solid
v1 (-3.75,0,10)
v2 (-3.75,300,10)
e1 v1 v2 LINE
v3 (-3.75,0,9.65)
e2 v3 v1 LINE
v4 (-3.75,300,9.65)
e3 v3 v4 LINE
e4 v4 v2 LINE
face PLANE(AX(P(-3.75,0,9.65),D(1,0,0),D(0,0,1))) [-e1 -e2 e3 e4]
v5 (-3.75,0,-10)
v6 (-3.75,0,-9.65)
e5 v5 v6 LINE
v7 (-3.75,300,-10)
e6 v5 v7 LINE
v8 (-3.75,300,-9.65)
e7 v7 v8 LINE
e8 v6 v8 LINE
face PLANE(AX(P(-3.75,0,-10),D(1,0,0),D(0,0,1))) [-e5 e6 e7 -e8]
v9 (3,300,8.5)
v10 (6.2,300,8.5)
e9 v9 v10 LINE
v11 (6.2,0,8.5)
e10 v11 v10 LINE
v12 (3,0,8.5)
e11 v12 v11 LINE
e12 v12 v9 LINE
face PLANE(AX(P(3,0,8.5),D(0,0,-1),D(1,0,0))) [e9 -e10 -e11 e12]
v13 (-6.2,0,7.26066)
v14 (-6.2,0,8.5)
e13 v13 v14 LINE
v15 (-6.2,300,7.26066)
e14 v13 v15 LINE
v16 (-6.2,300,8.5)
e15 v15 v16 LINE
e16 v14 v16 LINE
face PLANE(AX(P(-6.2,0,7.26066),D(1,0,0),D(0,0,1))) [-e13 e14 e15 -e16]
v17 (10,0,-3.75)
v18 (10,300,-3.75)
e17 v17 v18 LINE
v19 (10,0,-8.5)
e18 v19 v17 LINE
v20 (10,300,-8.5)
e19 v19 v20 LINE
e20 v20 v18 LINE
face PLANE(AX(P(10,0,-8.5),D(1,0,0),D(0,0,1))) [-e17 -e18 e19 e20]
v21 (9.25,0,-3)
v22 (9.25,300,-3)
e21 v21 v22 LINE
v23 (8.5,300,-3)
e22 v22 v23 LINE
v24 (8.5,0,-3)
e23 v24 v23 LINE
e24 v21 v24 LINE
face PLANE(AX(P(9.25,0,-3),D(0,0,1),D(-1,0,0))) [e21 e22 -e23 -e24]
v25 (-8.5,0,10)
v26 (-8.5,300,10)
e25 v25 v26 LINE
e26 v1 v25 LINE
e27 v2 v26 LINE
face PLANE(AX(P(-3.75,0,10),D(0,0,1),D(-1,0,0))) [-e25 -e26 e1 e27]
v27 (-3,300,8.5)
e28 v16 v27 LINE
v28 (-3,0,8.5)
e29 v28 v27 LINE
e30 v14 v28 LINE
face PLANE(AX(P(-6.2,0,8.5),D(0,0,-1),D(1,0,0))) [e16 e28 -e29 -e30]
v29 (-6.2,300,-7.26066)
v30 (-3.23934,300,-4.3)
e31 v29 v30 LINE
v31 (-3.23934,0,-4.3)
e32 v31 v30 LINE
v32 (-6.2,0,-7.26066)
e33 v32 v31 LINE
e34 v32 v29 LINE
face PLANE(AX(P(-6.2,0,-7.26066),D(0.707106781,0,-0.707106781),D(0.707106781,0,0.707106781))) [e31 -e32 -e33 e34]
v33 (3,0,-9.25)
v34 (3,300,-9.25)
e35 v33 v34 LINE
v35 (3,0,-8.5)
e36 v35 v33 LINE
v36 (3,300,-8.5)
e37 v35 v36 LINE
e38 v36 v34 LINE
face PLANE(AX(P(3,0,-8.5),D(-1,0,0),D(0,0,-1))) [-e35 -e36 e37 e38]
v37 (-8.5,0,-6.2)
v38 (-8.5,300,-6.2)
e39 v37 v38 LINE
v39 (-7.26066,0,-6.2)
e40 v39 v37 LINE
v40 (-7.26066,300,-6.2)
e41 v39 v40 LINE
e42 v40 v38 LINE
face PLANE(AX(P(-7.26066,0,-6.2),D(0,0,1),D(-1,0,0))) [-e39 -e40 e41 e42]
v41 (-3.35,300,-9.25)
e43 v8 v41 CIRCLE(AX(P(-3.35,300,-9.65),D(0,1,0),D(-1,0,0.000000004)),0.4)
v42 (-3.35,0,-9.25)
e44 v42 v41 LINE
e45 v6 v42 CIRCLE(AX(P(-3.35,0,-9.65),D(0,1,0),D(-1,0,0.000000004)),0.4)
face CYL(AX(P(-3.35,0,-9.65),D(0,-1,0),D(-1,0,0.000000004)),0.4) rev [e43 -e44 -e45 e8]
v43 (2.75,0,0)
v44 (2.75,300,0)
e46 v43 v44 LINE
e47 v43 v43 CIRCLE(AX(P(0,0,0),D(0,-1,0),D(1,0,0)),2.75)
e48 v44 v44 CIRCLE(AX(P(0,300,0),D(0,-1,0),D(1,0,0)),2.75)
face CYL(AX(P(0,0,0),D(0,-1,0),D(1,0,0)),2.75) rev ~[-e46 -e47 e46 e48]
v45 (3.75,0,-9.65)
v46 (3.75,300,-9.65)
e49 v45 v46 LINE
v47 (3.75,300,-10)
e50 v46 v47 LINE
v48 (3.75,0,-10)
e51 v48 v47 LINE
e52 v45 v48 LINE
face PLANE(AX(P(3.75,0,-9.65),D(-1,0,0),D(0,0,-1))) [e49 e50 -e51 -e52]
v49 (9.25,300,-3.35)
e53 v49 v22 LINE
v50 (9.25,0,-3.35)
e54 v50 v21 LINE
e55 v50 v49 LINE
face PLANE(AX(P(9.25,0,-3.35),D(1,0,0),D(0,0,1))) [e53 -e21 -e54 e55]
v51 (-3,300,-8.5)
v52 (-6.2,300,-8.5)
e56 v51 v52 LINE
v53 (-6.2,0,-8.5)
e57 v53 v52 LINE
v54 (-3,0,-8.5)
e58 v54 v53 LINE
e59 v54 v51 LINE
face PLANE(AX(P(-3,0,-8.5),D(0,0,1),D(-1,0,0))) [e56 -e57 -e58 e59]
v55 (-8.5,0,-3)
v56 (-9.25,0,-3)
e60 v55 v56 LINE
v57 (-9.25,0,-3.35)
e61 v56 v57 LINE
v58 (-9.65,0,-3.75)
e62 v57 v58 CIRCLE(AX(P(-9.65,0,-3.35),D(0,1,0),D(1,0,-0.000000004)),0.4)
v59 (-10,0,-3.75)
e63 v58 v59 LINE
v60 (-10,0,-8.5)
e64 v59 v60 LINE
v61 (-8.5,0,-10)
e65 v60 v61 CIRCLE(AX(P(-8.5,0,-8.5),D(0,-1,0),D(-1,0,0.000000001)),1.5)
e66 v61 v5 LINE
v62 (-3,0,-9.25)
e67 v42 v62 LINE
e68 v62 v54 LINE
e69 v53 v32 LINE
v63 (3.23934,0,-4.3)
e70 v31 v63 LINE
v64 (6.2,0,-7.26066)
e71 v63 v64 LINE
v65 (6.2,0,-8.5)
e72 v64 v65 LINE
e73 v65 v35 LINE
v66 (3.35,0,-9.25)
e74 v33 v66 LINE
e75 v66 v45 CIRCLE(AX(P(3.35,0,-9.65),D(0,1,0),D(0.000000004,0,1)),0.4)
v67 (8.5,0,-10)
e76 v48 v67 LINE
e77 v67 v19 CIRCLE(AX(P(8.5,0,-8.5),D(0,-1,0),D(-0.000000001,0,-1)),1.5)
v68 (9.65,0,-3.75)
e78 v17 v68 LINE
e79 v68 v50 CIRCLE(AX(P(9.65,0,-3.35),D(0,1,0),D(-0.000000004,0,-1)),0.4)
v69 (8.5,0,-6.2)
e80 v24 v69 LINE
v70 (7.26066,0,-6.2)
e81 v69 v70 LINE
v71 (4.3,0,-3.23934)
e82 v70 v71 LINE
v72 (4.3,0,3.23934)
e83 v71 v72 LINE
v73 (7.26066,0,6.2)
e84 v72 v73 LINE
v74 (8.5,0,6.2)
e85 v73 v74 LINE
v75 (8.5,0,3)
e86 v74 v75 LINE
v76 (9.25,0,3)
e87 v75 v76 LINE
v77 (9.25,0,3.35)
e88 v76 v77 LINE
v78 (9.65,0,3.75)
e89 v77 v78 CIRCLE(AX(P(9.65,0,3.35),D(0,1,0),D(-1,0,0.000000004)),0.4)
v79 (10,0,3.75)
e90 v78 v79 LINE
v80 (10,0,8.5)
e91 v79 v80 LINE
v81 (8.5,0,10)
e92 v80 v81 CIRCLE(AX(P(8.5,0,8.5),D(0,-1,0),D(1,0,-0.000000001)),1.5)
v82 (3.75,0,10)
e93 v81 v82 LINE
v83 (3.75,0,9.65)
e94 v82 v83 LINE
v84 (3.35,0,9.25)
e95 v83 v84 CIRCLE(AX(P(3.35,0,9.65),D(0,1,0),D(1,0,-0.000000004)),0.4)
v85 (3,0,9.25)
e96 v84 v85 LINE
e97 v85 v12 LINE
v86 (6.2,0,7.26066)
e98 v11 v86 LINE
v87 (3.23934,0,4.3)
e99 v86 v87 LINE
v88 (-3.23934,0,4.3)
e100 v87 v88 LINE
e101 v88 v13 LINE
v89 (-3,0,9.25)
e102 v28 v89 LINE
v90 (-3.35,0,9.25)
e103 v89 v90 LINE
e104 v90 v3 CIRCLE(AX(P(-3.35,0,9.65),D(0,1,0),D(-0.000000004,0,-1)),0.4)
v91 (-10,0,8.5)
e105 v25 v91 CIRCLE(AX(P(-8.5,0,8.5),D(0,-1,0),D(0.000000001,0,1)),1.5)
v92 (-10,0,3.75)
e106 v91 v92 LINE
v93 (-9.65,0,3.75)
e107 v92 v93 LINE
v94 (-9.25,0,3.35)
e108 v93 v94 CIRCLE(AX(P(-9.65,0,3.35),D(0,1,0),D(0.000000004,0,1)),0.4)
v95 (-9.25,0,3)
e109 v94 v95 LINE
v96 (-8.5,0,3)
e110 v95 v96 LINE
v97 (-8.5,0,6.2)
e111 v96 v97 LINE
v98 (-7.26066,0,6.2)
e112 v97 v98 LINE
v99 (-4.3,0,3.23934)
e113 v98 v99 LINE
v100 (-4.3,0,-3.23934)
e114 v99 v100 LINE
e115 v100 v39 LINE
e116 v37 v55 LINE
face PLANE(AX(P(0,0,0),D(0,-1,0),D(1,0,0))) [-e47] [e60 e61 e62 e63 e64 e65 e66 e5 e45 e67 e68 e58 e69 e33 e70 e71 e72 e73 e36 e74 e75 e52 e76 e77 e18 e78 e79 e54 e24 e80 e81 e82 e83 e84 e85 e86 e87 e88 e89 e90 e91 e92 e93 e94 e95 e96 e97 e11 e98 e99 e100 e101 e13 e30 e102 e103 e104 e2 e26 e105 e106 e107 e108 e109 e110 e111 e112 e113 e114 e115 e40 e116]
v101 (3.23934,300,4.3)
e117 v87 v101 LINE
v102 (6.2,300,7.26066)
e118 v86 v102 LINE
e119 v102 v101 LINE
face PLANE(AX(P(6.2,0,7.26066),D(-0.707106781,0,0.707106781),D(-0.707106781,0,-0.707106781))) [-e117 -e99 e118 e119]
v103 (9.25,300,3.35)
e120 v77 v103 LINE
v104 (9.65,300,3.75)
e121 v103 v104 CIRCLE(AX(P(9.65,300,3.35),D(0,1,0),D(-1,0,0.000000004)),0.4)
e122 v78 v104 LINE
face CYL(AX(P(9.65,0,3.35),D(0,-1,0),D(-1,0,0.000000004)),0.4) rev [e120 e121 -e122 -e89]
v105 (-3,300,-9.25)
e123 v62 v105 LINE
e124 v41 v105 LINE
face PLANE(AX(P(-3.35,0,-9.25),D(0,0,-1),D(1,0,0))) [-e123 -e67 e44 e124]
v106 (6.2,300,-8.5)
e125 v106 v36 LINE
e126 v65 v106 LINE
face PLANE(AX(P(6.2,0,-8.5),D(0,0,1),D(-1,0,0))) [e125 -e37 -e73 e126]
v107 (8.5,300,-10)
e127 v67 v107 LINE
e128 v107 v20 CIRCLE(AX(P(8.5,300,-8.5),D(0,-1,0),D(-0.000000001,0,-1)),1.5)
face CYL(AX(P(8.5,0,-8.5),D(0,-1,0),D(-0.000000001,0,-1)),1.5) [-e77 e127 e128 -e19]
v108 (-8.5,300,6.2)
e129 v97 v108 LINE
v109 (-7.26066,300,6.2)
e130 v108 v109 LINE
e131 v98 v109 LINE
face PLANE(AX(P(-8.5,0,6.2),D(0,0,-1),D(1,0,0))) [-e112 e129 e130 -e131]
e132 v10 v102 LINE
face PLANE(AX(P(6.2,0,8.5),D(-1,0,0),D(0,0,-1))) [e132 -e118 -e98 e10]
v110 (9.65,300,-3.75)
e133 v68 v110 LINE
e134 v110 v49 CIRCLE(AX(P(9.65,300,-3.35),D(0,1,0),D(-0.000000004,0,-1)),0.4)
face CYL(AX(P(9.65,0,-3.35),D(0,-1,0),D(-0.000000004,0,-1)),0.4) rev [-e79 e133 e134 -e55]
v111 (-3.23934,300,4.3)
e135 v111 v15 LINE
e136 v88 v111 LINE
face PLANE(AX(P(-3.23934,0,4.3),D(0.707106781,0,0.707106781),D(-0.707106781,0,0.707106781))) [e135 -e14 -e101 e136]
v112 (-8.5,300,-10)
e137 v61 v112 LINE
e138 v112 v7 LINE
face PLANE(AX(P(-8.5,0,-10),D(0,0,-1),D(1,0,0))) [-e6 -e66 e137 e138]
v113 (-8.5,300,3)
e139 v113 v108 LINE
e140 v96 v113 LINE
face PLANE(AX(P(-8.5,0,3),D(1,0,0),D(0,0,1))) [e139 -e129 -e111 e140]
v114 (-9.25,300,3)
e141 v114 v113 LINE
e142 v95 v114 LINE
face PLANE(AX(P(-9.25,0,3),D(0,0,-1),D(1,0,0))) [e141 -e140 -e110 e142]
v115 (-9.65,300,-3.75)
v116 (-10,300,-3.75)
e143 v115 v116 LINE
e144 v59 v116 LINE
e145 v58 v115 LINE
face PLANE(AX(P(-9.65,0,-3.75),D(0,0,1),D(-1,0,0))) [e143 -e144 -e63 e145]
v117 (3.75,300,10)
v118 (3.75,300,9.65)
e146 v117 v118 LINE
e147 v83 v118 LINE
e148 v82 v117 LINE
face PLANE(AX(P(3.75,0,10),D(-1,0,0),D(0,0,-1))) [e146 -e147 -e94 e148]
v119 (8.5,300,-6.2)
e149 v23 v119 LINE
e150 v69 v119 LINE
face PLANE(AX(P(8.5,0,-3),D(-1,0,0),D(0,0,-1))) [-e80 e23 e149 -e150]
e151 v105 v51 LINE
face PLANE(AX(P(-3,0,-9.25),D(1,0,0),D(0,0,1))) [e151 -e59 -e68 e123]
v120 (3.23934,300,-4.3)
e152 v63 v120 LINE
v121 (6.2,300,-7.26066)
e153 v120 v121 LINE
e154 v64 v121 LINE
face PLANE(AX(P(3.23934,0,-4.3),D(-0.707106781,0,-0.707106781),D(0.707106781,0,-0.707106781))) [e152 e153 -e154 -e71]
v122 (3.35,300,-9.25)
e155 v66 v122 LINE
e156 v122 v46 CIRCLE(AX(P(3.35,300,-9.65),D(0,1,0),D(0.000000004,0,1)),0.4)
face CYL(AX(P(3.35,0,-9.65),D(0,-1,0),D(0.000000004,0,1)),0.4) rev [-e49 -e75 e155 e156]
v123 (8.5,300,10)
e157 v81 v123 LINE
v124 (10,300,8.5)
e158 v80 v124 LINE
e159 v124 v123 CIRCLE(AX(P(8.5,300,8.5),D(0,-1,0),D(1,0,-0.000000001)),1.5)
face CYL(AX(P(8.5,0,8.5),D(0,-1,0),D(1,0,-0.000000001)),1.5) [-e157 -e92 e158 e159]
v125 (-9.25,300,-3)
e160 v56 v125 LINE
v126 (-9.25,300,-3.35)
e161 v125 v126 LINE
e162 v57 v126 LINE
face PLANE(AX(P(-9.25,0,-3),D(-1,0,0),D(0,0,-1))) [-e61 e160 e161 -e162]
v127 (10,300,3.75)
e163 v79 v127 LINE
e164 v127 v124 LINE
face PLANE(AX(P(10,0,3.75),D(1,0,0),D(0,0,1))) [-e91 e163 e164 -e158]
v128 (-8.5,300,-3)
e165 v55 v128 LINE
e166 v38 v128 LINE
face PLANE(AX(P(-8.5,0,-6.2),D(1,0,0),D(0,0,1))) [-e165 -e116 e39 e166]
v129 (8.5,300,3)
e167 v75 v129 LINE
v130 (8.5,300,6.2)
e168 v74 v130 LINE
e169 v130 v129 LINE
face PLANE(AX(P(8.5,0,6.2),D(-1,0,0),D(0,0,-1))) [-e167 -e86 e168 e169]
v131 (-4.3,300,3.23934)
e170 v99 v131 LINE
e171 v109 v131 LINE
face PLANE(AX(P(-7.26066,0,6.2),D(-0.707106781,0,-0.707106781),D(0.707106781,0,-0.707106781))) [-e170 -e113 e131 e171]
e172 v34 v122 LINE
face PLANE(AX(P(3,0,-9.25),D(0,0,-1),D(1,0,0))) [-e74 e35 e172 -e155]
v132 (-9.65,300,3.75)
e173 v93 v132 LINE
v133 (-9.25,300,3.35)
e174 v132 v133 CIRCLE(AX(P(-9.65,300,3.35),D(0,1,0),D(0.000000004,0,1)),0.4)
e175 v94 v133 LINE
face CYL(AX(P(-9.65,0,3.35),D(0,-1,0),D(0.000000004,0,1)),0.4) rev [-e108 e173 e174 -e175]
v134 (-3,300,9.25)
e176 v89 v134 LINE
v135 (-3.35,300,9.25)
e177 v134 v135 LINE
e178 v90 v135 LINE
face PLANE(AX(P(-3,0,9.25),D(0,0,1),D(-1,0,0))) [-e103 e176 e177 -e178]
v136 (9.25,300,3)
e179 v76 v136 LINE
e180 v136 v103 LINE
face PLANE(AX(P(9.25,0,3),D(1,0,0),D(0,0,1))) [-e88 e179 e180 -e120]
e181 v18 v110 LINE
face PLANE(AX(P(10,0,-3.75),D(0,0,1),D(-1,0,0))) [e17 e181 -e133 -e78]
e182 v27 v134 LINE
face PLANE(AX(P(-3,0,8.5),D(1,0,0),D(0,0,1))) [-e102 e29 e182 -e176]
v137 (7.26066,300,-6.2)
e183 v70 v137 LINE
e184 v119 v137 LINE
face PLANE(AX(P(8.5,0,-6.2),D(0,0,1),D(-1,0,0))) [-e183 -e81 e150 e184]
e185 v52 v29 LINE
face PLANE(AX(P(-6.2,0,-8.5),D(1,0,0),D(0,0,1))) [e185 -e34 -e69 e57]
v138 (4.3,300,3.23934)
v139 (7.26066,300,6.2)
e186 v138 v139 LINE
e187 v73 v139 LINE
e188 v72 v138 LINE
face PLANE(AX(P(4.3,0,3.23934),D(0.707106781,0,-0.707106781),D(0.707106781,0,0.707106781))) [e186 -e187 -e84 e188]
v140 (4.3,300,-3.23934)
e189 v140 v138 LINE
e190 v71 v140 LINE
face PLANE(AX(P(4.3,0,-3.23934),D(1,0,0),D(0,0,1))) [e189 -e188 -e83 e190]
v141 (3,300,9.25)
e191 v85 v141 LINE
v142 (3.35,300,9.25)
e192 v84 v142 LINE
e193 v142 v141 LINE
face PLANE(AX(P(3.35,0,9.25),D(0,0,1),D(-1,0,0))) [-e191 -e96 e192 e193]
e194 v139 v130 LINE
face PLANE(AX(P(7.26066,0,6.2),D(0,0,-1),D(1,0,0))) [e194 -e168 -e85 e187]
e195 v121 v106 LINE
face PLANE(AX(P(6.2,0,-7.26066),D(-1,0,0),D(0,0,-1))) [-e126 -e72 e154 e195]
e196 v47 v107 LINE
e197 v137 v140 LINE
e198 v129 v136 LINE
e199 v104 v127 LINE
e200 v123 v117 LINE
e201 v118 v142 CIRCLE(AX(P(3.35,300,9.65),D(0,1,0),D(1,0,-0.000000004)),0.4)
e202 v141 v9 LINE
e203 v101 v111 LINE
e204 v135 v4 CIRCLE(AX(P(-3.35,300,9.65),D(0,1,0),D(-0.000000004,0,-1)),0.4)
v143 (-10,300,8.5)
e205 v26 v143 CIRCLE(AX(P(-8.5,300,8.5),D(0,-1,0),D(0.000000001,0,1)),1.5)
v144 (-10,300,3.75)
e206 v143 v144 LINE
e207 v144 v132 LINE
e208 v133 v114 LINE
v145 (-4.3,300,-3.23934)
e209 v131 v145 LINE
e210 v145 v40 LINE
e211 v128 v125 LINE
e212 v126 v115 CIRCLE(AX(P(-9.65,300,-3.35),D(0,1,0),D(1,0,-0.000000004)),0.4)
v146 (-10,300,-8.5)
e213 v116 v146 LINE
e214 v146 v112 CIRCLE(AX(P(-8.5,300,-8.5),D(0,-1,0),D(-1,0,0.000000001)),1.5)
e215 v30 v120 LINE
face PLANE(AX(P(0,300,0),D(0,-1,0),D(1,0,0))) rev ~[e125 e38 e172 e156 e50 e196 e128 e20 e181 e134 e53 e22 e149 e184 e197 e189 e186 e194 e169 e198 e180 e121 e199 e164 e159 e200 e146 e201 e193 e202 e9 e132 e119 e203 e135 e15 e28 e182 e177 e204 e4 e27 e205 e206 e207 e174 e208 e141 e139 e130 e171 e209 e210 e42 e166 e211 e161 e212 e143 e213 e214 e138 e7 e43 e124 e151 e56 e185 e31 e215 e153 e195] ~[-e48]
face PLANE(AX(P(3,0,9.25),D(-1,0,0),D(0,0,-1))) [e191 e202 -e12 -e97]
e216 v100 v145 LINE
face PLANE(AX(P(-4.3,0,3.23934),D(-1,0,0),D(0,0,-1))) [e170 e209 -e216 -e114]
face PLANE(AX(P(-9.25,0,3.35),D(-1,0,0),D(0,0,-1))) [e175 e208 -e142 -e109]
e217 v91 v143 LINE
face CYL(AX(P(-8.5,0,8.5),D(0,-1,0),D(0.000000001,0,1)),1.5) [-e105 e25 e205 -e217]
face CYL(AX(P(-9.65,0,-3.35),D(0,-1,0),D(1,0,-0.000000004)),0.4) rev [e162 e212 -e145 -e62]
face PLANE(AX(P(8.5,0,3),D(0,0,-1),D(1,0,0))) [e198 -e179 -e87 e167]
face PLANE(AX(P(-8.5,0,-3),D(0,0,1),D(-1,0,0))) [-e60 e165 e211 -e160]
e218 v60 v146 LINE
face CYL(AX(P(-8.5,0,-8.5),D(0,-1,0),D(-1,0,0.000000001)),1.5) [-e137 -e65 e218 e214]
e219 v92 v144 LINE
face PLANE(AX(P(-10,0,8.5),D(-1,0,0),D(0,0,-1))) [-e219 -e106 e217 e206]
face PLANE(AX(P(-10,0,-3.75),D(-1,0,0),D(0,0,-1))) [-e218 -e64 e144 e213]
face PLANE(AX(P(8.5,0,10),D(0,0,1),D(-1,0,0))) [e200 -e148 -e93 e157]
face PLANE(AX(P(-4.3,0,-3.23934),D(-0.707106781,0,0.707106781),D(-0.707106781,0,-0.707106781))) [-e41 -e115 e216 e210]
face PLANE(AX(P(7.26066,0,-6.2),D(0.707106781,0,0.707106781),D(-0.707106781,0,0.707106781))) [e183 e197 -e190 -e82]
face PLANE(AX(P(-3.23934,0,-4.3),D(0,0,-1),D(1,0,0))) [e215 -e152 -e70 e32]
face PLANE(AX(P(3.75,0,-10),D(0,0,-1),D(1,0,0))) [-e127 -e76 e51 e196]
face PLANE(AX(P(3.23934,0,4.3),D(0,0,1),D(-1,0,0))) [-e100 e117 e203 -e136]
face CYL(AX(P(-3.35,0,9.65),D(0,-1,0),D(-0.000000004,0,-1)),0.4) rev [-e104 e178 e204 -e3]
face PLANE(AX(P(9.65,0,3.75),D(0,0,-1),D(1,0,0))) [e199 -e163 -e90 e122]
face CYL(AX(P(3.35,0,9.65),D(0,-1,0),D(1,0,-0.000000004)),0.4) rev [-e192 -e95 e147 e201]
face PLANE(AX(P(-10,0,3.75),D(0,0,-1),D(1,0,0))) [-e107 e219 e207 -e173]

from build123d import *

# Parameters (mm, degrees)
SKETCH1_R           = 2.75
BOSS_EXTRUDE1_DEPTH = 300


with BuildPart() as part:
    # Sketch1 → Boss-Extrude1 (new body)
    with BuildSketch(Plane.XZ):
        with BuildLine():
            Line((-8.5, -10), (-3.75, -10))
            Line((-3.75, -10), (-3.75, -9.65))
            ThreePointArc((-3.75, -9.65), (-3.632842712, -9.367157288), (-3.35, -9.25))
            Line((-3.35, -9.25), (-3, -9.25))
            Line((-3, -9.25), (-3, -8.5))
            Line((-3, -8.5), (-6.2, -8.5))
            Line((-6.2, -8.5), (-6.2, -7.260660172))
            Line((-6.2, -7.260660172), (-3.239339828, -4.3))
            Line((-3.239339828, -4.3), (3.239339828, -4.3))
            Line((3.239339828, -4.3), (6.2, -7.260660172))
            Line((6.2, -7.260660172), (6.2, -8.5))
            Line((6.2, -8.5), (3, -8.5))
            Line((3, -8.5), (3, -9.25))
            Line((3, -9.25), (3.35, -9.25))
            ThreePointArc((3.35, -9.25), (3.632842712, -9.367157288), (3.75, -9.65))
            Line((3.75, -9.65), (3.75, -10))
            Line((3.75, -10), (8.5, -10))
            ThreePointArc((8.5, -10), (9.560660172, -9.560660172), (10, -8.5))
            Line((10, -8.5), (10, -3.75))
            Line((10, -3.75), (9.65, -3.75))
            ThreePointArc((9.65, -3.75), (9.367157288, -3.632842712), (9.25, -3.35))
            Line((9.25, -3.35), (9.25, -3))
            Line((9.25, -3), (8.5, -3))
            Line((8.5, -3), (8.5, -6.2))
            Line((8.5, -6.2), (7.260660172, -6.2))
            Line((7.260660172, -6.2), (4.3, -3.239339828))
            Line((4.3, -3.239339828), (4.3, 3.239339828))
            Line((4.3, 3.239339828), (7.260660172, 6.2))
            Line((7.260660172, 6.2), (8.5, 6.2))
            Line((8.5, 6.2), (8.5, 3))
            Line((8.5, 3), (9.25, 3))
            Line((9.25, 3), (9.25, 3.35))
            ThreePointArc((9.25, 3.35), (9.367157288, 3.632842712), (9.65, 3.75))
            Line((9.65, 3.75), (10, 3.75))
            Line((10, 3.75), (10, 8.5))
            ThreePointArc((10, 8.5), (9.560660172, 9.560660172), (8.5, 10))
            Line((8.5, 10), (3.75, 10))
            Line((3.75, 10), (3.75, 9.65))
            ThreePointArc((3.75, 9.65), (3.632842712, 9.367157288), (3.35, 9.25))
            Line((3.35, 9.25), (3, 9.25))
            Line((3, 9.25), (3, 8.5))
            Line((3, 8.5), (6.2, 8.5))
            Line((6.2, 8.5), (6.2, 7.260660172))
            Line((6.2, 7.260660172), (3.239339828, 4.3))
            Line((3.239339828, 4.3), (-3.239339828, 4.3))
            Line((-3.239339828, 4.3), (-6.2, 7.260660172))
            Line((-6.2, 7.260660172), (-6.2, 8.5))
            Line((-6.2, 8.5), (-3, 8.5))
            Line((-3, 8.5), (-3, 9.25))
            Line((-3, 9.25), (-3.35, 9.25))
            ThreePointArc((-3.35, 9.25), (-3.632842712, 9.367157288), (-3.75, 9.65))
            Line((-3.75, 9.65), (-3.75, 10))
            Line((-3.75, 10), (-8.5, 10))
            ThreePointArc((-8.5, 10), (-9.560660172, 9.560660172), (-10, 8.5))
            Line((-10, 8.5), (-10, 3.75))
            Line((-10, 3.75), (-9.65, 3.75))
            ThreePointArc((-9.65, 3.75), (-9.367157288, 3.632842712), (-9.25, 3.35))
            Line((-9.25, 3.35), (-9.25, 3))
            Line((-9.25, 3), (-8.5, 3))
            Line((-8.5, 3), (-8.5, 6.2))
            Line((-8.5, 6.2), (-7.260660172, 6.2))
            Line((-7.260660172, 6.2), (-4.3, 3.239339828))
            Line((-4.3, 3.239339828), (-4.3, -3.239339828))
            Line((-4.3, -3.239339828), (-7.260660172, -6.2))
            Line((-7.260660172, -6.2), (-8.5, -6.2))
            Line((-8.5, -6.2), (-8.5, -3))
            Line((-8.5, -3), (-9.25, -3))
            Line((-9.25, -3), (-9.25, -3.35))
            ThreePointArc((-9.25, -3.35), (-9.367157288, -3.632842712), (-9.65, -3.75))
            Line((-9.65, -3.75), (-10, -3.75))
            Line((-10, -3.75), (-10, -8.5))
            ThreePointArc((-10, -8.5), (-9.560660172, -9.560660172), (-8.5, -10))
        make_face()
        Circle(SKETCH1_R, mode=Mode.SUBTRACT)
    extrude(amount=-BOSS_EXTRUDE1_DEPTH)


solid = part.part
